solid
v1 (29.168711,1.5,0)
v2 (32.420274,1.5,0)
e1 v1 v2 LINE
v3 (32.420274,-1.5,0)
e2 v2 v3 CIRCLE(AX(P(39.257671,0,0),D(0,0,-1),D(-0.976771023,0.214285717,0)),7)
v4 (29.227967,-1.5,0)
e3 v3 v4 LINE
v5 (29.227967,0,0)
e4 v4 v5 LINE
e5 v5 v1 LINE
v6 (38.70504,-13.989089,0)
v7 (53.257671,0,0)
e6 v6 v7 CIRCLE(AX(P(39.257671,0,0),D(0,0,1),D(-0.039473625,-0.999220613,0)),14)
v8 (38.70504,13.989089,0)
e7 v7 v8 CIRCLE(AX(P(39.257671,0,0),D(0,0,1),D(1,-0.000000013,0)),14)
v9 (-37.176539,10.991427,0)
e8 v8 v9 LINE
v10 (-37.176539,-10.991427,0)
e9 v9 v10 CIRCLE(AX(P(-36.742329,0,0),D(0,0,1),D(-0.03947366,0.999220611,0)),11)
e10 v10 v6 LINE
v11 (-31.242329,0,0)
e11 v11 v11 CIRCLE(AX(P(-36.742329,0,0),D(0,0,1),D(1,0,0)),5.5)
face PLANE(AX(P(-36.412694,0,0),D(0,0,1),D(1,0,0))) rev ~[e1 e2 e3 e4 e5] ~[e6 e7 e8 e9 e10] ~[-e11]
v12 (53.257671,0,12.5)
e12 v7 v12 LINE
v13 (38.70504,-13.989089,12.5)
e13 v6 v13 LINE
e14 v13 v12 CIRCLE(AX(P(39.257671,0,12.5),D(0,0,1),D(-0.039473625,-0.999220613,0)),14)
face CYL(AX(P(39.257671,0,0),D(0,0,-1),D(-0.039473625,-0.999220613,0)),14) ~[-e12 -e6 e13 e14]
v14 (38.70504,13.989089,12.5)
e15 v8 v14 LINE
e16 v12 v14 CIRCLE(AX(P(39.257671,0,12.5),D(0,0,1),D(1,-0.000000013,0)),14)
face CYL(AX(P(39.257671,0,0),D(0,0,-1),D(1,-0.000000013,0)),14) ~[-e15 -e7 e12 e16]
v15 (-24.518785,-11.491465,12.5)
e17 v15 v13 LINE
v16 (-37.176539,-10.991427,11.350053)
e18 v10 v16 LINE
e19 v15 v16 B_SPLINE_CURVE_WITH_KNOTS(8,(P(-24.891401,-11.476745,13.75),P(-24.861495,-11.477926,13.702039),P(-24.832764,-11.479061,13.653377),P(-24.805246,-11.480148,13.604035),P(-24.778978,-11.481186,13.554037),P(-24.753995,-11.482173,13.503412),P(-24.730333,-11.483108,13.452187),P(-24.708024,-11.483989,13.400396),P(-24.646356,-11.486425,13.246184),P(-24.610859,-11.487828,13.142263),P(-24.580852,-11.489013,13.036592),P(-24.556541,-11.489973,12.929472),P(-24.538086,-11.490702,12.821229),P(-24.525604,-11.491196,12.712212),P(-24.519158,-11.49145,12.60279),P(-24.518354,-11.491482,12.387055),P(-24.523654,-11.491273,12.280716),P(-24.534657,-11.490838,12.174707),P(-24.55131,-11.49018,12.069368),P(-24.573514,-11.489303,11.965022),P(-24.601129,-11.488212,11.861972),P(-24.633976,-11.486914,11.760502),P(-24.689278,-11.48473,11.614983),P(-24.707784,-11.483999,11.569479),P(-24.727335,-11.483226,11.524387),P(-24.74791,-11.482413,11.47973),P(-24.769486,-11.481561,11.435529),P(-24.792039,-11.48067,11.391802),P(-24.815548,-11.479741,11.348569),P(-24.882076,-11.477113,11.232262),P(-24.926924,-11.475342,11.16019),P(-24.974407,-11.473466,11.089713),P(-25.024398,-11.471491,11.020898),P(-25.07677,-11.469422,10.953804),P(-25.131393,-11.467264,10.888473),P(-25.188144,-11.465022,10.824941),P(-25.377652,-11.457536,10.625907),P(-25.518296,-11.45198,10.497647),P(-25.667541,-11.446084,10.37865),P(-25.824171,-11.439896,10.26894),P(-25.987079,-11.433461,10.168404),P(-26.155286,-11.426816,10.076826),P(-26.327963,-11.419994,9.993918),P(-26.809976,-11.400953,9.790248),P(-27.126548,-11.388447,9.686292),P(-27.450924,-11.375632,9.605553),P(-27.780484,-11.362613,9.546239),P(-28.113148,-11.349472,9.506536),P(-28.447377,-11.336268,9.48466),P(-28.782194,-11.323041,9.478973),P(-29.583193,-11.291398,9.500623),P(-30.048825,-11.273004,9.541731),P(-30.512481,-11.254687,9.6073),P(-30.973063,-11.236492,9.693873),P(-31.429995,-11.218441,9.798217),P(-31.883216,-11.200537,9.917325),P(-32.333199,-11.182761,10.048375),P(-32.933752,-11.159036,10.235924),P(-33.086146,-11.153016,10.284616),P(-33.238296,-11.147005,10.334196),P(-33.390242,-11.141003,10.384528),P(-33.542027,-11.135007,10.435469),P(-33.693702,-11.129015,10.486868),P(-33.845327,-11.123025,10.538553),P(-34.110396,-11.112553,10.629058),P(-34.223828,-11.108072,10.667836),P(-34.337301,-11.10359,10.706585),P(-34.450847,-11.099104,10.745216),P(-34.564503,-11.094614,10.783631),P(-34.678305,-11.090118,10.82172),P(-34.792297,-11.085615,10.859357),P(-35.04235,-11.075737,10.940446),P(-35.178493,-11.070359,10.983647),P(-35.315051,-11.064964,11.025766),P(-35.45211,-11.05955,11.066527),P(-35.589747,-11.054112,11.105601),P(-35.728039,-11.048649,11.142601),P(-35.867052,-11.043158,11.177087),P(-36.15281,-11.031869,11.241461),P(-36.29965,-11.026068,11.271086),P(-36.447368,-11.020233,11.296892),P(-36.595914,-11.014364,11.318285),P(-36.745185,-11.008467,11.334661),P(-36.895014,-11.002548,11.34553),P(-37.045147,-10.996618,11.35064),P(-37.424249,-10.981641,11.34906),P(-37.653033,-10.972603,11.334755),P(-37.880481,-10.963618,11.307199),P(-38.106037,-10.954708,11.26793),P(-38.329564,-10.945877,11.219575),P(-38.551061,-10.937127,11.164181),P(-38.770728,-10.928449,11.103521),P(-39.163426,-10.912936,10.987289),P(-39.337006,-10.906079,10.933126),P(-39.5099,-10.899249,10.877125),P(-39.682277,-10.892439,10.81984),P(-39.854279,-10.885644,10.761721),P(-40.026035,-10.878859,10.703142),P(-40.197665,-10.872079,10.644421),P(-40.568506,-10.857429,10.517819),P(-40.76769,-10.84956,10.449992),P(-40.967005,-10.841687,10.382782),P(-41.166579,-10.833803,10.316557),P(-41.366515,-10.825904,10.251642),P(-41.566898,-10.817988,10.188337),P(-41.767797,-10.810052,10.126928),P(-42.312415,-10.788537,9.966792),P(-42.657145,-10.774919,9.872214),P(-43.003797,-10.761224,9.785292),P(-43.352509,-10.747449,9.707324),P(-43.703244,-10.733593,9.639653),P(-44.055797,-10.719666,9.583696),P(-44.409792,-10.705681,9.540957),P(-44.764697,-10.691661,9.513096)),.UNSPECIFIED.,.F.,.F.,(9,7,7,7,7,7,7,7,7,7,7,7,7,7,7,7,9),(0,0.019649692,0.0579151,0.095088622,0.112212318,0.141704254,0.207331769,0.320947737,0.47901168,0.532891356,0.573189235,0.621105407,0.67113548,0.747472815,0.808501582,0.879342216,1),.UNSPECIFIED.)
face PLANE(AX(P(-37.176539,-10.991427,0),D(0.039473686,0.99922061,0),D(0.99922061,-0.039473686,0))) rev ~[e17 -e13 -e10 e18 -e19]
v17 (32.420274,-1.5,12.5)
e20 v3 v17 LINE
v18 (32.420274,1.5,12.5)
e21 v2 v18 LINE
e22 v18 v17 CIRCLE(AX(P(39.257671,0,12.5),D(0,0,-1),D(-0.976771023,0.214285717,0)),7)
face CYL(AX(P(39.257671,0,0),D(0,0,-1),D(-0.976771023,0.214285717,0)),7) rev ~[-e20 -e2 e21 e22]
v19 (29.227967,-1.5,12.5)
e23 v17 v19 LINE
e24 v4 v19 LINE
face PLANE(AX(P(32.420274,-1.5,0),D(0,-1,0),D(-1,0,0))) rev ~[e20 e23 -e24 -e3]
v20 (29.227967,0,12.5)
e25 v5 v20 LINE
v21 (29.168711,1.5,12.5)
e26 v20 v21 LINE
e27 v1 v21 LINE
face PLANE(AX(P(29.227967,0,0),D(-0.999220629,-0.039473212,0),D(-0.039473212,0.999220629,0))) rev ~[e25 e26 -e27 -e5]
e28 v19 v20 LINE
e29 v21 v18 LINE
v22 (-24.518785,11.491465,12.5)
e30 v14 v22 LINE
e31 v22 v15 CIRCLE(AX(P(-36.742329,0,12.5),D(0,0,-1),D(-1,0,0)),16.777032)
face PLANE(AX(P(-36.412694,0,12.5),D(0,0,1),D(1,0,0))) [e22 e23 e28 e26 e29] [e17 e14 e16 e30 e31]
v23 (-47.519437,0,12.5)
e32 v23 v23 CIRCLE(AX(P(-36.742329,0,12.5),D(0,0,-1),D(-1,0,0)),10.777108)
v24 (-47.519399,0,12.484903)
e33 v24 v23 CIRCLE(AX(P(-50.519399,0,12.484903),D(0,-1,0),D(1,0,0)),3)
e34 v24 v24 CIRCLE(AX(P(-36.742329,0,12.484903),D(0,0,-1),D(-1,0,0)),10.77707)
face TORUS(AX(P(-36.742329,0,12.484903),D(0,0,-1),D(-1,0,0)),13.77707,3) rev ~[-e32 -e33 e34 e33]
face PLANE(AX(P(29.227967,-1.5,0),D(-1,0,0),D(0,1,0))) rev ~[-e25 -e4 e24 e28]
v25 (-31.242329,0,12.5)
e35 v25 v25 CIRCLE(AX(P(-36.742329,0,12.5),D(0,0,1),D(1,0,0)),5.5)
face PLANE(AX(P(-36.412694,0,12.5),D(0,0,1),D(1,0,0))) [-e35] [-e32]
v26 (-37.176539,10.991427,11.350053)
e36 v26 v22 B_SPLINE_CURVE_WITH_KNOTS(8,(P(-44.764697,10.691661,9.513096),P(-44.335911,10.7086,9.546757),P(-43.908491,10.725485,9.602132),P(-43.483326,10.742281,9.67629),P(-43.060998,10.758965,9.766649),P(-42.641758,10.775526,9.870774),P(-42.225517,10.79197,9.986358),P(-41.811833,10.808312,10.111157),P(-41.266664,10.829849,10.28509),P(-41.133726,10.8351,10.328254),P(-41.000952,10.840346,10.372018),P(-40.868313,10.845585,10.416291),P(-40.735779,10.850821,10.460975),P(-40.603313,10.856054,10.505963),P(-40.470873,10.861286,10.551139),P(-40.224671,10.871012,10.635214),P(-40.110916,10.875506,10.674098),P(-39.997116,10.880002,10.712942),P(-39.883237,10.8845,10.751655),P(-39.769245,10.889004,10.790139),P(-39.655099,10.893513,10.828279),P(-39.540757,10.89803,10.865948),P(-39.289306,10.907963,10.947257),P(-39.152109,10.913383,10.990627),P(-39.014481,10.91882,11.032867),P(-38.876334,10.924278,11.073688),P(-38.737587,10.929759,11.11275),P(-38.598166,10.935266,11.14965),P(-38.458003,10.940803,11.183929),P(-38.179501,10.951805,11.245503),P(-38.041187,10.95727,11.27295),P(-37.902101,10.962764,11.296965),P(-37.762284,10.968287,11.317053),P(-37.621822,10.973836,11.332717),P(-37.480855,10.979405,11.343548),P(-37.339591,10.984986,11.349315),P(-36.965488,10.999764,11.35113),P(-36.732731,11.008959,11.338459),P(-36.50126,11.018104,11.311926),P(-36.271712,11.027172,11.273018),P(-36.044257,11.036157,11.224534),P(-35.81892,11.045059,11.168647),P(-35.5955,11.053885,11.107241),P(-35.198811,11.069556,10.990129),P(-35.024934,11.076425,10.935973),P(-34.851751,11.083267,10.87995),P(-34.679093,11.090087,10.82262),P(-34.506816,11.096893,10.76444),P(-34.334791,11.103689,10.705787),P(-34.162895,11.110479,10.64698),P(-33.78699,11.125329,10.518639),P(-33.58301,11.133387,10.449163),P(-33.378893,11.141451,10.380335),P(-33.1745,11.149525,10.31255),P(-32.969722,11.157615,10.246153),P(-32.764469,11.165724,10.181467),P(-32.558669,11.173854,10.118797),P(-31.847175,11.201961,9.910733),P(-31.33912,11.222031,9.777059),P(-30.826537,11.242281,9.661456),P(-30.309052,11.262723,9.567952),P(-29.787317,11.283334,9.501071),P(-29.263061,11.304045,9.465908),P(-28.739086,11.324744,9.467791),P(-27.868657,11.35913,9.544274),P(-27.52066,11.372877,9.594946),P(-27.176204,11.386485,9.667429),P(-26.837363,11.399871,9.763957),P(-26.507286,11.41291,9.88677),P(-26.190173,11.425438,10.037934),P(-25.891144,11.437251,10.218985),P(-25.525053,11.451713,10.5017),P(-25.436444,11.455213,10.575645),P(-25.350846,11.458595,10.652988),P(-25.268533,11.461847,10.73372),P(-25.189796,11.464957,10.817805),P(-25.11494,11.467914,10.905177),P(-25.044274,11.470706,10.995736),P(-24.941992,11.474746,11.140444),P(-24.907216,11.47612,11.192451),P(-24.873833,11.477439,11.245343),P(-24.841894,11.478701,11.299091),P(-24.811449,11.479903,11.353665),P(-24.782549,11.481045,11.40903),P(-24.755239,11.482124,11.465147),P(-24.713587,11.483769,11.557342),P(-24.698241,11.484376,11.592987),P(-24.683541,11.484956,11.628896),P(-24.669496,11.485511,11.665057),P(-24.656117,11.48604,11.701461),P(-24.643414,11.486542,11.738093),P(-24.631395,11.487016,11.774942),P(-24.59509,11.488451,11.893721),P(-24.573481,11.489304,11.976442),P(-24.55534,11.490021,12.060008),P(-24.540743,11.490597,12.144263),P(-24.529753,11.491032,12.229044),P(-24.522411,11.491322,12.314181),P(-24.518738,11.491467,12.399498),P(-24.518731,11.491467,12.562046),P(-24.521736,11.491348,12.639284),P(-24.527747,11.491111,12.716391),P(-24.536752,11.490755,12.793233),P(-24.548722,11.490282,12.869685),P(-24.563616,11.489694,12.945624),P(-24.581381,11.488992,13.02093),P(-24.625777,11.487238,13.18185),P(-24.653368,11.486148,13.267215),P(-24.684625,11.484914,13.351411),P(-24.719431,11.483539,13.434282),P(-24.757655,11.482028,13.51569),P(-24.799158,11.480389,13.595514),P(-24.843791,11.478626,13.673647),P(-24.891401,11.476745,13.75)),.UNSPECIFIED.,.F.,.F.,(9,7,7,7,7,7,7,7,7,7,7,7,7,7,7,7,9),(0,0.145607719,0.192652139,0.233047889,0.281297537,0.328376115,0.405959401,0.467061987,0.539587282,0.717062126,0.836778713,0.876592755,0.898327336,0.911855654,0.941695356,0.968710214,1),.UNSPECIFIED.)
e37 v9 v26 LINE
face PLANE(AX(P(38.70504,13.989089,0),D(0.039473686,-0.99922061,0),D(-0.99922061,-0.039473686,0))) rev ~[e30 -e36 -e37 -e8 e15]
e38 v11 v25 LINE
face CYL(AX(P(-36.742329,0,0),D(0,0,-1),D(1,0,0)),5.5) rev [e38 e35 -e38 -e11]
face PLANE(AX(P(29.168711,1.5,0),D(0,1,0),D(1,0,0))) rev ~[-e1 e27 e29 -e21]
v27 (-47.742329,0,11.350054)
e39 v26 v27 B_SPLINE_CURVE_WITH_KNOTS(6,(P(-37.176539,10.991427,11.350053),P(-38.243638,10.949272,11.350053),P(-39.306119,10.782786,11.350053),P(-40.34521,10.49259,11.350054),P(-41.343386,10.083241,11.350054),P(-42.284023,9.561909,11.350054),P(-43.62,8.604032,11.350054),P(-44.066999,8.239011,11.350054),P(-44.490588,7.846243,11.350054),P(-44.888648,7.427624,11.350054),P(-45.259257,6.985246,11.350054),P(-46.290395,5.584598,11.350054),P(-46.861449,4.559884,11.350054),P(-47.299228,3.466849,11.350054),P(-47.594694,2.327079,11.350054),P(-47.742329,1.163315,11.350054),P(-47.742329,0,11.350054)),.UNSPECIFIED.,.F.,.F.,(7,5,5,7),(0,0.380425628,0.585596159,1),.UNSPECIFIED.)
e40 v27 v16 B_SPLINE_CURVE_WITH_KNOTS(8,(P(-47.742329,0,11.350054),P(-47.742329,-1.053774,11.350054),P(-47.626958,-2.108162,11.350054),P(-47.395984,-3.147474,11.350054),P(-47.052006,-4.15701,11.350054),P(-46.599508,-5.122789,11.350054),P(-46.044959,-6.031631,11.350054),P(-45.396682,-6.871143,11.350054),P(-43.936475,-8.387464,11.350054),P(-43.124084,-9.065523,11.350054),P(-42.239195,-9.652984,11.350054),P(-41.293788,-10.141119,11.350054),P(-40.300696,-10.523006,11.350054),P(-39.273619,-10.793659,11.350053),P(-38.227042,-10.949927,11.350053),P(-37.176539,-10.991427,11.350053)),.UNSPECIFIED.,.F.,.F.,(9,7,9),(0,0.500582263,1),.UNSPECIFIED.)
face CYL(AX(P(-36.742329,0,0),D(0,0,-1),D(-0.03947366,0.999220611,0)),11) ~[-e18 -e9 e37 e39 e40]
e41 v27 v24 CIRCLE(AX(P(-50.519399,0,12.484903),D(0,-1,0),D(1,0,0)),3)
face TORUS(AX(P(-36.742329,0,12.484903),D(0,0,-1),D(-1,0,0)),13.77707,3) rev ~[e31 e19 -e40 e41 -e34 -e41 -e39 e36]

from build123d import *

# Parameters (mm, degrees)
F0_R     = 5.5
F1_DEPTH = 12.5
F2_R     = 3


with BuildPart() as f1:
    # F0 (on Top) → F1 (new body)
    with BuildSketch(Plane.XY):
        with BuildLine():
            ThreePointArc((-37.176539, -10.991427), (-29.119216, -7.930205), (-25.742329, 0))
            ThreePointArc((-25.742329, 0), (-29.119216, 7.930205), (-37.176539, 10.991427))
            ThreePointArc((-37.176539, 10.991427), (-47.742329, 0), (-37.176539, -10.991427))
        make_face()
        with Locations((-36.742329, 0)):
            Circle(F0_R, mode=Mode.SUBTRACT)
        with BuildLine():
            ThreePointArc((53.257671, 0), (48.959814, 10.092989), (38.70504, 13.989089))
            ThreePointArc((38.70504, 13.989089), (25.257671, 0), (38.70504, -13.989089))
            ThreePointArc((38.70504, -13.989089), (48.959814, -10.092989), (53.257671, 0))
        make_face()
        with BuildLine():
            ThreePointArc((32.420274, 1.5), (46.257671, 0), (32.420274, -1.5))
            Line((32.420274, -1.5), (29.227967, -1.5))
            Line((29.227967, -1.5), (29.227967, 0))
            Line((29.227967, 0), (29.168711, 1.5))
            Line((29.168711, 1.5), (32.420274, 1.5))
        make_face(mode=Mode.SUBTRACT)
        with BuildLine():
            ThreePointArc((-37.176539, 10.991427), (-29.119216, 7.930205), (-25.742329, 0))
            ThreePointArc((-25.742329, 0), (-29.119216, -7.930205), (-37.176539, -10.991427))
            Line((-37.176539, -10.991427), (38.70504, -13.989089))
            ThreePointArc((38.70504, -13.989089), (25.257671, 0), (38.70504, 13.989089))
            Line((38.70504, 13.989089), (-37.176539, 10.991427))
        make_face()
    extrude(amount=F1_DEPTH)

    # F2 (on Front) → F3 (revolve, cut)
    with BuildSketch(Plane.XZ):
        with Locations((-50.519399, 12.484903)):
            Circle(F2_R)
    revolve(axis=Axis((-36.742329, 0, 0), (0, 0, -1)), mode=Mode.SUBTRACT)


solid = f1.part
